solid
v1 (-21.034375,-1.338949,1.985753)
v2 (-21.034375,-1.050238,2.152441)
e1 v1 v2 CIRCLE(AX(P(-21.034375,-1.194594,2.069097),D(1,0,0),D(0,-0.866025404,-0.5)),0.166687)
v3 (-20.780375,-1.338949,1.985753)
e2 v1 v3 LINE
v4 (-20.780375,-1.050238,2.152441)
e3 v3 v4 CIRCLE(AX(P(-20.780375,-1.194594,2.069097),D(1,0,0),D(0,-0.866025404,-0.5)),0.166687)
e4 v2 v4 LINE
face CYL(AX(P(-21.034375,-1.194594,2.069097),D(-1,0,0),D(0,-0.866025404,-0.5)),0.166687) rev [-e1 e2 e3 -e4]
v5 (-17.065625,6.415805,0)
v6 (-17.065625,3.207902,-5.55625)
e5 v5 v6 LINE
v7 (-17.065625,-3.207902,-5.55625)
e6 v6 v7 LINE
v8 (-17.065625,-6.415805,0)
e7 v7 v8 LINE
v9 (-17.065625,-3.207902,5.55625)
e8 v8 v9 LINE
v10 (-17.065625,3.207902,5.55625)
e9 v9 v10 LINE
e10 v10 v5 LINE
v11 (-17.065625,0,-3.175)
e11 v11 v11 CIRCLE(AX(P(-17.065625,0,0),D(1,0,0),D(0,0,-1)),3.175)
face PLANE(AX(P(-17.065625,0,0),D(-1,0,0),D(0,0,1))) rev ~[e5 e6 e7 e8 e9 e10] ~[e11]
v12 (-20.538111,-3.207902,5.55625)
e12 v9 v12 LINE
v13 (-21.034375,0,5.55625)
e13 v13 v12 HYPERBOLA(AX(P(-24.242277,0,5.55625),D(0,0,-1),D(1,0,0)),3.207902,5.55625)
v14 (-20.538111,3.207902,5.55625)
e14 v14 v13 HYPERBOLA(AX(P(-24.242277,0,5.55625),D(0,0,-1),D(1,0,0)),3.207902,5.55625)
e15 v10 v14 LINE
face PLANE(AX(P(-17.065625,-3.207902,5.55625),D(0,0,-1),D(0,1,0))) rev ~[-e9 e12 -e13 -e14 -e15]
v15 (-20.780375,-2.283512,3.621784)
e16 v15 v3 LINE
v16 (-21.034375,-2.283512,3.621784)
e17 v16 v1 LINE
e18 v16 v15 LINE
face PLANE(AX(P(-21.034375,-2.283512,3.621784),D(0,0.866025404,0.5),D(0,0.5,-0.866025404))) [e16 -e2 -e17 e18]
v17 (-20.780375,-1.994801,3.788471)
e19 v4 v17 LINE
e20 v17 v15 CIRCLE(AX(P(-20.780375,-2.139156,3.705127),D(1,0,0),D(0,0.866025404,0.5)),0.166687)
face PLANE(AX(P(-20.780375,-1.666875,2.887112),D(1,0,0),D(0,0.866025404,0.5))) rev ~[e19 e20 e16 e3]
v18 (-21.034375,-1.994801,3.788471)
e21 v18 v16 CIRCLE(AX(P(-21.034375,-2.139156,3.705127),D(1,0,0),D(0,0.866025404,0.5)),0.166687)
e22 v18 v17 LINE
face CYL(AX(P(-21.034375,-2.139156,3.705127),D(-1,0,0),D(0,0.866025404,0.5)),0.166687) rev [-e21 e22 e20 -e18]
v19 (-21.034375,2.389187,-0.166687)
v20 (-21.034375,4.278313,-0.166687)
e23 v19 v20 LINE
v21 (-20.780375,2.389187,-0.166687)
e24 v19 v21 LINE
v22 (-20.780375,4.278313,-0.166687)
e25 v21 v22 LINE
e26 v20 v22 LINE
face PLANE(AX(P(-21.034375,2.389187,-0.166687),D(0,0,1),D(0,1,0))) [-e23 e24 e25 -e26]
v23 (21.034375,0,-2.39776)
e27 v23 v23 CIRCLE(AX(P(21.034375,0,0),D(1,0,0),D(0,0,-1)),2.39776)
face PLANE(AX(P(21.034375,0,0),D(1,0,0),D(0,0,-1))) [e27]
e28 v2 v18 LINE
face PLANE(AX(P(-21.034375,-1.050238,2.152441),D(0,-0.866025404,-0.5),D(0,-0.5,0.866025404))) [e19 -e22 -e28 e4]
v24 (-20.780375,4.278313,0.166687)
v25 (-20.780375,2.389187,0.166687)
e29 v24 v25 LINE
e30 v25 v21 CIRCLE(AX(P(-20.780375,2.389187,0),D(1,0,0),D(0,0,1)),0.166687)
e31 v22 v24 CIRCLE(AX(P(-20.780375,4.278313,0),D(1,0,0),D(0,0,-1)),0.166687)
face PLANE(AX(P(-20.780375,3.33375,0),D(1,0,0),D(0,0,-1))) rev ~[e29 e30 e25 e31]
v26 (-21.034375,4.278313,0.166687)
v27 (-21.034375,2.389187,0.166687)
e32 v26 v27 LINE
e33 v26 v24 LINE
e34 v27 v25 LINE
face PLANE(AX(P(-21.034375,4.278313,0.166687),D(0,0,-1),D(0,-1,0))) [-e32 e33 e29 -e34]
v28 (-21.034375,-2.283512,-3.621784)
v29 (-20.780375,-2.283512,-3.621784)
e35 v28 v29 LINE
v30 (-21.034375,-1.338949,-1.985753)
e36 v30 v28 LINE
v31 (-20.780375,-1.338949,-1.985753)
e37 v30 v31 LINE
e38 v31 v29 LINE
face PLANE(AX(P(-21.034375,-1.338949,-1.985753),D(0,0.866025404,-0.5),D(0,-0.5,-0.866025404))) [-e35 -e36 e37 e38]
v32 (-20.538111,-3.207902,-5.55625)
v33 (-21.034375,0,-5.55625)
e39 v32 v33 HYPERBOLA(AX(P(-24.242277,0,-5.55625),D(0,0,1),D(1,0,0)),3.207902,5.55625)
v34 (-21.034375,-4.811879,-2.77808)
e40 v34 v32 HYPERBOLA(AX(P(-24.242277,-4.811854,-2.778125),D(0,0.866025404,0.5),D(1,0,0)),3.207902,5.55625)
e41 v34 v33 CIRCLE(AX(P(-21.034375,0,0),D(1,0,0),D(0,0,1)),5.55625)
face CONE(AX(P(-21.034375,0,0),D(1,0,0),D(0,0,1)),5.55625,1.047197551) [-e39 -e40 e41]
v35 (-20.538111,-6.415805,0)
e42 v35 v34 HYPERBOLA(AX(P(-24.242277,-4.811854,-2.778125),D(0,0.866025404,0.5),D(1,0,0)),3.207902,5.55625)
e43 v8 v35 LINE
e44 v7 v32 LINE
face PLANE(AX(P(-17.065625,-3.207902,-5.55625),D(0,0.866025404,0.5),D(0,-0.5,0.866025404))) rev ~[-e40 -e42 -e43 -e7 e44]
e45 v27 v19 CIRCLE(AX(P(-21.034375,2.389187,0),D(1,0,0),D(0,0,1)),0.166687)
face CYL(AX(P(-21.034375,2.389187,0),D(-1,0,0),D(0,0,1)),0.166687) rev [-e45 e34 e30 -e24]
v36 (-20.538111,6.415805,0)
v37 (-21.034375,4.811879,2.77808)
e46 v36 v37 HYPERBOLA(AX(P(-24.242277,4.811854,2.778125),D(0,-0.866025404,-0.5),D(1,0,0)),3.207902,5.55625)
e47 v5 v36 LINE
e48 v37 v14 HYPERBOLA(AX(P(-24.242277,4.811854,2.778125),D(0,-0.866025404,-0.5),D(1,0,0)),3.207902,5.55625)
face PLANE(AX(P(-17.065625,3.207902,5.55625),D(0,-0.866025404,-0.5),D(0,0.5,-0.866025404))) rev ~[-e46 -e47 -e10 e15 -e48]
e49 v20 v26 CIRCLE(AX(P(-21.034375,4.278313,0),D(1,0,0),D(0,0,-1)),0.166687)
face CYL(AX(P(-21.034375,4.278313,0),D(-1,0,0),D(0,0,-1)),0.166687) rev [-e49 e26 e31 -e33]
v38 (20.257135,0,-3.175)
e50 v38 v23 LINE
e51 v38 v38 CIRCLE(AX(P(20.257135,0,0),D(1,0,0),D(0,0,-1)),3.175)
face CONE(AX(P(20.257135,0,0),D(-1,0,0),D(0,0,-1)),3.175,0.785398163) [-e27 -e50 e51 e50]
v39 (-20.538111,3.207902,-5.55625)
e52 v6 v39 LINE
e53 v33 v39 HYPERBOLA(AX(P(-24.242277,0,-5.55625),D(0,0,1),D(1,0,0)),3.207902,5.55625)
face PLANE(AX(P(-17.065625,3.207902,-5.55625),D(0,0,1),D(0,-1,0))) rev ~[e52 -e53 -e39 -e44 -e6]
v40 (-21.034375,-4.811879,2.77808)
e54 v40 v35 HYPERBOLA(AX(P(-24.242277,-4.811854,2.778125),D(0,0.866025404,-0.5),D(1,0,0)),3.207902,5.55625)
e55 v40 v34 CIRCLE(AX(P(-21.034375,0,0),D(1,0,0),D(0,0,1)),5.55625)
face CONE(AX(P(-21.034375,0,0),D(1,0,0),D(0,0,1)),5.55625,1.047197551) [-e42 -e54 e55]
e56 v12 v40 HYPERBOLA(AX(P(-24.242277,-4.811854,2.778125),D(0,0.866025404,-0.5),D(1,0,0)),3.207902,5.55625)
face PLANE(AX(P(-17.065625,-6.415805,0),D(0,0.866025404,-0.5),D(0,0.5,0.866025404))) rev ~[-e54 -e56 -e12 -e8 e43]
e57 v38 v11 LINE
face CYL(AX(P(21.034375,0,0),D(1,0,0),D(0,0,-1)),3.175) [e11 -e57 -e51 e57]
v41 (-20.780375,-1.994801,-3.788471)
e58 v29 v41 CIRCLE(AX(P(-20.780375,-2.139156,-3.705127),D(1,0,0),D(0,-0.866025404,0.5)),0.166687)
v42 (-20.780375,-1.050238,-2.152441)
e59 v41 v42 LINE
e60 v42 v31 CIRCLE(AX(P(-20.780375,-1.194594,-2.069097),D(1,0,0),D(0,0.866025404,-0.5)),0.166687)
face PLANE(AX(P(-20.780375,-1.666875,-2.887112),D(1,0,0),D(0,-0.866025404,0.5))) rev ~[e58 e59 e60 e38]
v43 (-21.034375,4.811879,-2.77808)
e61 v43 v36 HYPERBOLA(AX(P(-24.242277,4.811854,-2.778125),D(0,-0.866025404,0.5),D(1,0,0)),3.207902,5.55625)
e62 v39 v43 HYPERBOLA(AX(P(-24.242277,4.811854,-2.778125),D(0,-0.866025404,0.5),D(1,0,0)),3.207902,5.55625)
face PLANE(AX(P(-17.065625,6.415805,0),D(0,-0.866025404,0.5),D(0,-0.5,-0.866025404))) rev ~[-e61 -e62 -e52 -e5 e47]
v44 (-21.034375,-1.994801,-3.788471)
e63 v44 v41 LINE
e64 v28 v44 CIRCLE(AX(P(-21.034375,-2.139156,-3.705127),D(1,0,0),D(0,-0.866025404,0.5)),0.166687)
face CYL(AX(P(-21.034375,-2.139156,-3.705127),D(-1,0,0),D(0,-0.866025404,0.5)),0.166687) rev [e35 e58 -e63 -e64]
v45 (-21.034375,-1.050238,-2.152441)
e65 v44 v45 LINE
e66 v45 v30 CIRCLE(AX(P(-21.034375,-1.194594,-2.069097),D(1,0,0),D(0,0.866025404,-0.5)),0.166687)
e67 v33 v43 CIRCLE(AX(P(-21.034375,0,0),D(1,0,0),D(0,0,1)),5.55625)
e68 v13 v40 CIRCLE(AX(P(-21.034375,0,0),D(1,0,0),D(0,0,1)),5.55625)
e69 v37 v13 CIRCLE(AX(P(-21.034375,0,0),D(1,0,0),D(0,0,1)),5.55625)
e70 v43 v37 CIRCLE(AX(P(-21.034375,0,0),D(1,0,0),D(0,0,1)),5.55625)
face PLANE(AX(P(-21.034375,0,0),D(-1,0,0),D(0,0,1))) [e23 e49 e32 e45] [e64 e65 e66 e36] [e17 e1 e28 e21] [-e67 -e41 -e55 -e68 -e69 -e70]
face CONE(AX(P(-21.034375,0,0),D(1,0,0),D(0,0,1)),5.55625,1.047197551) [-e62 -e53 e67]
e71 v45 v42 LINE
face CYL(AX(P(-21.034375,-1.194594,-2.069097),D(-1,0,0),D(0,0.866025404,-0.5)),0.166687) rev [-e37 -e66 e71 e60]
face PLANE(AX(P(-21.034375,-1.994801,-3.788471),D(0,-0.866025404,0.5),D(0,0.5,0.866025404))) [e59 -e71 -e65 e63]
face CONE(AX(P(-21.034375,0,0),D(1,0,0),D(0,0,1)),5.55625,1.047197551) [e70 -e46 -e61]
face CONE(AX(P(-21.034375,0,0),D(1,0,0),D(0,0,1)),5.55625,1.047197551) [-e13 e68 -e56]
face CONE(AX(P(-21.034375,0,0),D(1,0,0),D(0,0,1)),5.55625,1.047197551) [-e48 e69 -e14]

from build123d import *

# Parameters (mm, degrees)
SKETCH5_R           = 3.175
BOSS_EXTRUDE3_DEPTH = 38.1
CHAMFER1_SIZE       = 0.77724
BOSS_EXTRUDE4_DEPTH = 3.96875
SKETCH8_OUTSIDE_W   = 171.38
SKETCH8_OUTSIDE_H   = 173.1
SKETCH8_OUTSIDE_R   = 5.55625
CUT_EXTRUDE3_DEPTH  = 43.06875
CUT_EXTRUDE3_TAPER  = 60
CUT_EXTRUDE4_DEPTH  = 0.254
CIRPATTERN1_COUNT   = 3


with BuildPart() as part:
    # Sketch5 → Boss-Extrude3 (new body)
    with BuildSketch(Plane(origin=(21.034375, 0, 0), x_dir=(0, 0, -1), z_dir=(1, 0, 0))):
        Circle(SKETCH5_R)
    extrude(amount=-BOSS_EXTRUDE3_DEPTH)

    # Chamfer1
    chamfer1_edges = [part.edges().sort_by_distance(p)[0] for p in [
        (21.034375, 0, 3.175),
    ]]
    chamfer(chamfer1_edges, length=CHAMFER1_SIZE)

    # Sketch6 → Boss-Extrude4 (add)
    with BuildSketch(Plane.ZY.offset(17.065625)):
        Polygon((5.55625, 3.207902433), (0, 6.415804866), (-5.55625, 3.207902433), (-5.55625, -3.207902433), (0, -6.415804866), (5.55625, -3.207902433), align=None)
    extrude(amount=BOSS_EXTRUDE4_DEPTH)

    # Sketch8 outside → Cut-Extrude3 (cut, through all)
    with BuildSketch(Plane.ZY.offset(21.034375)):
        Rectangle(SKETCH8_OUTSIDE_W, SKETCH8_OUTSIDE_H)
        Circle(SKETCH8_OUTSIDE_R, mode=Mode.SUBTRACT)
    extrude(amount=-CUT_EXTRUDE3_DEPTH, taper=CUT_EXTRUDE3_TAPER, mode=Mode.SUBTRACT)

    # Sketch12 → Cut-Extrude4 (cut)
    with BuildSketch(Plane.ZY.offset(21.034375)):
        with BuildLine():
            Line((0.1666875, 4.2783125), (0.1666875, 2.3891875))
            ThreePointArc((0.1666875, 2.3891875), (0, 2.2225), (-0.1666875, 2.3891875))
            Line((-0.1666875, 2.3891875), (-0.1666875, 4.2783125))
            ThreePointArc((-0.1666875, 4.2783125), (0, 4.445), (0.1666875, 4.2783125))
        make_face()
    cut_extrude4 = extrude(amount=-CUT_EXTRUDE4_DEPTH, mode=Mode.SUBTRACT)

    # CirPattern1: Cut-Extrude4 ×3 about axis
    cirpattern1_axis = Axis((0, 0, 0), (1, 0, 0))
    for i in range(1, CIRPATTERN1_COUNT):
        add(cut_extrude4.rotate(cirpattern1_axis, i * 360 / CIRPATTERN1_COUNT), mode=Mode.SUBTRACT)


solid = part.part
